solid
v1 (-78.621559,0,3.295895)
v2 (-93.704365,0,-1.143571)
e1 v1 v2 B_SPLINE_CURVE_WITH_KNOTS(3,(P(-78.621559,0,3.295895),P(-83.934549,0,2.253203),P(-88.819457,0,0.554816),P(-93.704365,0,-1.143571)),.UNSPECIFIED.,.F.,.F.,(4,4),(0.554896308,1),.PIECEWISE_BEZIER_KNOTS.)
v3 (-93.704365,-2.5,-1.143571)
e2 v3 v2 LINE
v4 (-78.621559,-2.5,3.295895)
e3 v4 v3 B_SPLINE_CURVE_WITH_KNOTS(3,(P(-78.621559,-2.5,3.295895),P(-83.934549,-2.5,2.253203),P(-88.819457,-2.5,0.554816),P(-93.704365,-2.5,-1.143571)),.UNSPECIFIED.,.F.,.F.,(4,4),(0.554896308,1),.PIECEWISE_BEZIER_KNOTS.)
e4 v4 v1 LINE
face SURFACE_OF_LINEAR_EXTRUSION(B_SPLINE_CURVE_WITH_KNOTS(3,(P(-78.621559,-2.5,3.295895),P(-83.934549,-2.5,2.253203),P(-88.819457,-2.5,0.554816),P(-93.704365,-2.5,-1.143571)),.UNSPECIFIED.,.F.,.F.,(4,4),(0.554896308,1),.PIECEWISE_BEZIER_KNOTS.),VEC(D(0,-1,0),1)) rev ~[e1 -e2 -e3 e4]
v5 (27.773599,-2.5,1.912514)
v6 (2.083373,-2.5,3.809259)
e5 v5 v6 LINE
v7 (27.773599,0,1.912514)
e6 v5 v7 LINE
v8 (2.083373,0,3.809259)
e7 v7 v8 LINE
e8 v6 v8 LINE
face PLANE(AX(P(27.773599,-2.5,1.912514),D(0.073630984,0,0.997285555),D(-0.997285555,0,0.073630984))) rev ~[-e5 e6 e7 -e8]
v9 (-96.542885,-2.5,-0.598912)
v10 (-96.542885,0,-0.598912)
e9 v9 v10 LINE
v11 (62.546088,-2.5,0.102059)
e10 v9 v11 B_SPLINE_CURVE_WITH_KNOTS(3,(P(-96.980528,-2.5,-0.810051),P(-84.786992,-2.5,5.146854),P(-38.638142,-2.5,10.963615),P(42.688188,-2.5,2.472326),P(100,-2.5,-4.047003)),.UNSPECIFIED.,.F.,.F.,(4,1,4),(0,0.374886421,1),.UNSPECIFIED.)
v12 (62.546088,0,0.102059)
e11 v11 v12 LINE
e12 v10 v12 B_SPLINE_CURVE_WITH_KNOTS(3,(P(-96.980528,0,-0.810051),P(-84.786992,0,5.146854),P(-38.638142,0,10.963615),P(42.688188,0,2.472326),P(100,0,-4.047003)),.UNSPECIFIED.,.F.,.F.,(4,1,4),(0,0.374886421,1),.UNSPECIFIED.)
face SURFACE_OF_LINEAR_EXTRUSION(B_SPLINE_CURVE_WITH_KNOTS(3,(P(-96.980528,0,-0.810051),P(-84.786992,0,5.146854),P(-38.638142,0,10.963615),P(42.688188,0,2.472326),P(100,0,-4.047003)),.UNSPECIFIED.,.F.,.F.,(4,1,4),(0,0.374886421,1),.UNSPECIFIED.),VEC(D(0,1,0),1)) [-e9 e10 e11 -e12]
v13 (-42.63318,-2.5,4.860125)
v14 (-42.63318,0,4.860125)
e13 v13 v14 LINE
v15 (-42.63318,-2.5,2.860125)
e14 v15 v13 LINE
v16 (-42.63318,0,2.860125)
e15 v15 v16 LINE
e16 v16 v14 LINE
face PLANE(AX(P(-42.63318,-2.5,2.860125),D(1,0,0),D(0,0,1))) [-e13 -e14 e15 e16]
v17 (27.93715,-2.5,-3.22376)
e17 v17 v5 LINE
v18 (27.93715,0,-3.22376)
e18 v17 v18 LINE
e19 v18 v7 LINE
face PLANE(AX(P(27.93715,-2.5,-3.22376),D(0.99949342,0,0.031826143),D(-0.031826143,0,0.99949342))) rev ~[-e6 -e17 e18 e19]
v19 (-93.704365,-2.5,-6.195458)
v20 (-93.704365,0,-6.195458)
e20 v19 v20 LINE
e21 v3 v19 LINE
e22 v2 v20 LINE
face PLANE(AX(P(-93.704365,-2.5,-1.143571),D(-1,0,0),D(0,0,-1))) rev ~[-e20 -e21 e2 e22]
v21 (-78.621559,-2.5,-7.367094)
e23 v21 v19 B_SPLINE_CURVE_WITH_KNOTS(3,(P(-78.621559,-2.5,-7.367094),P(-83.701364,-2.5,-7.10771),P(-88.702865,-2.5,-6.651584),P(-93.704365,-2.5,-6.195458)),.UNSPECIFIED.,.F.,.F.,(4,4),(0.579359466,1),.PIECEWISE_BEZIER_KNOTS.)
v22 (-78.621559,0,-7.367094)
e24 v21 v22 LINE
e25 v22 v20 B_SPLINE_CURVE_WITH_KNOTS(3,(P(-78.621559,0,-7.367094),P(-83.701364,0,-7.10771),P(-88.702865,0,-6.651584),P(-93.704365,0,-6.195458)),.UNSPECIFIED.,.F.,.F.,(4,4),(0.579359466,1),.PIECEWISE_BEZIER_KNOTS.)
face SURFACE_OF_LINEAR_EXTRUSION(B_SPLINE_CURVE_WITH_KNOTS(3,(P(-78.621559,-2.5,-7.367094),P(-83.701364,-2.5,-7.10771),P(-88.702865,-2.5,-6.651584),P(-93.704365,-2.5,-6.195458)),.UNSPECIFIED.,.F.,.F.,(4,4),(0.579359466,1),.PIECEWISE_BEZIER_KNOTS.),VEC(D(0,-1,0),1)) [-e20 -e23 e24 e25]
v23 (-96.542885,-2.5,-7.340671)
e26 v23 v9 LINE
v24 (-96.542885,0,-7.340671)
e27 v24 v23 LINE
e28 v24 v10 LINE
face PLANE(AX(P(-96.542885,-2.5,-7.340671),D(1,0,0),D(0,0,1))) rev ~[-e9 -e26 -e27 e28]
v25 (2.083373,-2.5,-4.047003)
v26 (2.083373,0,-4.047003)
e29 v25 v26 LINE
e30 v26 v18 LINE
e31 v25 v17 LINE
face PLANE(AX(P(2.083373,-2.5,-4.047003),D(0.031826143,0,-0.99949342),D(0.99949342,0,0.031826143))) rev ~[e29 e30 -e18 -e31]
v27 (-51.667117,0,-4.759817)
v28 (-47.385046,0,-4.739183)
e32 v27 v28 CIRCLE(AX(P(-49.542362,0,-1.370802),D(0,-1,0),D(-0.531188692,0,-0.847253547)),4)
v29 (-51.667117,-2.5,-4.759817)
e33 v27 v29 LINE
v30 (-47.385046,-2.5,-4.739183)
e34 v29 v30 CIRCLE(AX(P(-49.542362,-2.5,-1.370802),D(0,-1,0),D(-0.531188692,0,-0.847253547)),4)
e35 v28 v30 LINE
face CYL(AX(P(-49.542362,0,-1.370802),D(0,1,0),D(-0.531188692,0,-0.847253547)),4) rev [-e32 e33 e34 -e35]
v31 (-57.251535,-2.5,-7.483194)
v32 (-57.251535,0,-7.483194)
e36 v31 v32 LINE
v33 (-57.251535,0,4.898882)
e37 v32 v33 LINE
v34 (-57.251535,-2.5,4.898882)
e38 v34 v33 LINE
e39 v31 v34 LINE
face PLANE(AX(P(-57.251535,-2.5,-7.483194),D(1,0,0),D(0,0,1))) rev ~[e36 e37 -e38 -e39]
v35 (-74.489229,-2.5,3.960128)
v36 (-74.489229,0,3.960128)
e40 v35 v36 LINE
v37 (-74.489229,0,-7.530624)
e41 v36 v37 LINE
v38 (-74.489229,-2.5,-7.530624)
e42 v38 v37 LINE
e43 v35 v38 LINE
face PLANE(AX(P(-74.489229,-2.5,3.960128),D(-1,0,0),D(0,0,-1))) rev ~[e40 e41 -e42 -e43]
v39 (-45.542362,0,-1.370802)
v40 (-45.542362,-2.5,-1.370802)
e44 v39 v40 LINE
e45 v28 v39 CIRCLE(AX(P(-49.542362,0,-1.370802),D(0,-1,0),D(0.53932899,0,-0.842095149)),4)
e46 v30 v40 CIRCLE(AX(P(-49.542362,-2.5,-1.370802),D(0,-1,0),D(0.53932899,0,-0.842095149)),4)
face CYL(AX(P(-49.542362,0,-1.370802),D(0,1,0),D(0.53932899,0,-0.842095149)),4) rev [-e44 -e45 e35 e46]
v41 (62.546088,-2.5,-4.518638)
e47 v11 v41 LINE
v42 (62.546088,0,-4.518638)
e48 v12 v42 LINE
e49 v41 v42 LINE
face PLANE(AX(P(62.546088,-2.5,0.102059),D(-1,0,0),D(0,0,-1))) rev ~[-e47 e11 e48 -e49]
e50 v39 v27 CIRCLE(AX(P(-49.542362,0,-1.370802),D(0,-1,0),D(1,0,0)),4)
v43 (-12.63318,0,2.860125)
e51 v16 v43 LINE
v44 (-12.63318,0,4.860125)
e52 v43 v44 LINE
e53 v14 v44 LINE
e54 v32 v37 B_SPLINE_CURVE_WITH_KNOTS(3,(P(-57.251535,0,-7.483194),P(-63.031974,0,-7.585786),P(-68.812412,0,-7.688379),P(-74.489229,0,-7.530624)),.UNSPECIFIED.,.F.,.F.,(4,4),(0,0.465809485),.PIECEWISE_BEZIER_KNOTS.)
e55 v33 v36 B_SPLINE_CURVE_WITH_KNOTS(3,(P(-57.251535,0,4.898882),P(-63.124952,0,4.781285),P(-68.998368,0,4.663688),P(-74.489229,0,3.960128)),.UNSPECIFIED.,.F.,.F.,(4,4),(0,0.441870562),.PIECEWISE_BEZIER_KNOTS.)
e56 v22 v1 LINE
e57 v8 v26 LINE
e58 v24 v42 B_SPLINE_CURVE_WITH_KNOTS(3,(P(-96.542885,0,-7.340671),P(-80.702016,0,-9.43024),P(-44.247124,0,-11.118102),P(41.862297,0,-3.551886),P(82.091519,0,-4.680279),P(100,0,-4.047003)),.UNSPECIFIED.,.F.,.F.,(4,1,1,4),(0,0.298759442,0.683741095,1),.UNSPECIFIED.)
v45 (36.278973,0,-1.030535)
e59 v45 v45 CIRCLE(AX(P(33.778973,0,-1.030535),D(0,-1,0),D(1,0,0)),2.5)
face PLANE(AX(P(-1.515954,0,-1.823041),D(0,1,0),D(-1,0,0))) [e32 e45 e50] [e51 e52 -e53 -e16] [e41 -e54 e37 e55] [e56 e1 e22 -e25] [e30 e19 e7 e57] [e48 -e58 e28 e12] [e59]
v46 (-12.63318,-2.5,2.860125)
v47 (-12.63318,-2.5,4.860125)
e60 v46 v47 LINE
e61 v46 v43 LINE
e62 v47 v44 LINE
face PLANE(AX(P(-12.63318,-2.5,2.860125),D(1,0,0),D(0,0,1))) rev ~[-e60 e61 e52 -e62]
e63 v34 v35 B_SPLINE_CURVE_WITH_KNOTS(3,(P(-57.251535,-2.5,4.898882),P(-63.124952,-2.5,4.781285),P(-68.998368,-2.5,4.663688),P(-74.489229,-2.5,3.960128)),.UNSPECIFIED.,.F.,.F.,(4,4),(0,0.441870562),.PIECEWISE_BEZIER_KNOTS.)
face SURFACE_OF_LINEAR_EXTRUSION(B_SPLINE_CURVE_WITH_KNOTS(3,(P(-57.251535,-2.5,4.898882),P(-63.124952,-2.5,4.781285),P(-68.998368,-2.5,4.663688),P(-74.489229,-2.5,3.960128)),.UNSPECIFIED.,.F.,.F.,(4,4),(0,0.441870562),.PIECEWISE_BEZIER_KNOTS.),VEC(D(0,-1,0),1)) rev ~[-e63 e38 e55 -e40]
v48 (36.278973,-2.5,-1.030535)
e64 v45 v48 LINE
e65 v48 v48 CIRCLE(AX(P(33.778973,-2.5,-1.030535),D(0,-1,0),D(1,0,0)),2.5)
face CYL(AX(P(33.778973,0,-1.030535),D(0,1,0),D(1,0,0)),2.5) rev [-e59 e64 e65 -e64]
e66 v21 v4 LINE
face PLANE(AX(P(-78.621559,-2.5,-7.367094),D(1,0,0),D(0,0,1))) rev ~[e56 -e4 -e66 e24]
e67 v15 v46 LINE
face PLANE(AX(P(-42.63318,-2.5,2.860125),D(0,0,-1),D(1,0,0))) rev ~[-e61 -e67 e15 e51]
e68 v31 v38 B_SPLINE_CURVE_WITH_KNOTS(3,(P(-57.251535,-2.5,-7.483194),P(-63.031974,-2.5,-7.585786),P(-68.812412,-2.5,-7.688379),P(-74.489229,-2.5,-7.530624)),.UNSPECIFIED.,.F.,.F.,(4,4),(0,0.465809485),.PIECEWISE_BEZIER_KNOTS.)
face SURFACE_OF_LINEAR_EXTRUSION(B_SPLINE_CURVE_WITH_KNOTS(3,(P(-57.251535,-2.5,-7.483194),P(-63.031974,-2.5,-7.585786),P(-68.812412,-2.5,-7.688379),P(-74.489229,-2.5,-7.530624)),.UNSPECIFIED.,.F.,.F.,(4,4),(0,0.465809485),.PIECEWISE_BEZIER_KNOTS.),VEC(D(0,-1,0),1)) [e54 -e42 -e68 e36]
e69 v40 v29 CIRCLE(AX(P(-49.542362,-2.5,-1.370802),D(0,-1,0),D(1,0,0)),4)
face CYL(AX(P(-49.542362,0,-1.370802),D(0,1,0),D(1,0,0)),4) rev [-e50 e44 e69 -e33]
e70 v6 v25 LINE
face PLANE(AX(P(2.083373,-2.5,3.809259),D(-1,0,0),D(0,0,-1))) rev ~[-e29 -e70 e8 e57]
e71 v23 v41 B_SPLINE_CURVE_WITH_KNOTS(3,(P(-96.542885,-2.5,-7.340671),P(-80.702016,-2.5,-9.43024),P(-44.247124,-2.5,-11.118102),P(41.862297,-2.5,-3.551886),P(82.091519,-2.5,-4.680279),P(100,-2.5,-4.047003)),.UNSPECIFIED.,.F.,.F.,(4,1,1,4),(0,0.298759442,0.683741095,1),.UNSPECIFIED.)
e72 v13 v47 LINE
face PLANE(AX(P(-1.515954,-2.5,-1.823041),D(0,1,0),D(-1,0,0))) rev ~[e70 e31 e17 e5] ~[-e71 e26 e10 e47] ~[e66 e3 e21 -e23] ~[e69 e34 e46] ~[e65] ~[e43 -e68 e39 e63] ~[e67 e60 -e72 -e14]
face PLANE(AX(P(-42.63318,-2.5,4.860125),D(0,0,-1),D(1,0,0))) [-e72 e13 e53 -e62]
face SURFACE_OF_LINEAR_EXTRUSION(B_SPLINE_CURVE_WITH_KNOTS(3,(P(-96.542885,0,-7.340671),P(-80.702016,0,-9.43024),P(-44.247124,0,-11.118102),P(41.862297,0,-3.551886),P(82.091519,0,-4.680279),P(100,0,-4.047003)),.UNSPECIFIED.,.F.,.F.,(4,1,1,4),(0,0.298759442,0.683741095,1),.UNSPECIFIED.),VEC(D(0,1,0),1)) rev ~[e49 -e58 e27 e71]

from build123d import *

# Parameters (mm, degrees)
F2_DEPTH = 2.5
F1_R     = 2.5
F3_DEPTH = 2.5
F5_DEPTH = 2.5
F4_W     = 30
F4_H     = 2
F6_DEPTH = 2.5
F7_DEPTH = 2.5


with BuildPart() as f2:
    # F0 (on Front) → F2 (new body)
    with BuildSketch(Plane.XZ):
        with BuildLine():
            add(Edge.make_bspline(
                [(-96.9805282175, -0.8100506688), (-84.7869920978, 5.1468541776), (-38.6381415733, 10.9636146396), (42.6881882799, 2.4723259958), (100, -4.047003109)],
                knots=[0, 0, 0, 0, 0.374886421, 1, 1, 1, 1], degree=3))
            add(Edge.make_bspline(
                [(-97.5447368223, -7.1186651935), (-99.939251346, -6.5508492693), (-102.885147974, -5.168950634), (-100.0067471137, -2.3789404522), (-96.9805282175, -0.8100506688)],
                knots=[0.0564585679, 0.0564585679, 0.0564585679, 0.0564585679, 0.4847104148, 1, 1, 1, 1], degree=3))
            add(Edge.make_bspline(
                [(-96.5428845142, -7.3406707446), (-96.8949965543, -7.2673488468), (-97.22905608, -7.1935231869), (-97.5447368223, -7.1186651935)],
                knots=[0, 0, 0, 0, 0.0564585679, 0.0564585679, 0.0564585679, 0.0564585679], degree=3))
            add(Edge.make_bspline(
                [(-96.5428845142, -7.3406707446), (-80.7020161693, -9.4302402111), (-44.2471235075, -11.1181020976), (41.8622965332, -3.5518856086), (82.0915186506, -4.6802794425), (100, -4.047003109)],
                knots=[0, 0, 0, 0, 0.2987594418, 0.6837410955, 1, 1, 1, 1], degree=3))
        make_face()
        with BuildLine():
            add(Edge.make_bspline(
                [(-99.8196757147, -4.047003109), (-99.3821638101, -3.2227137691), (-97.9006497107, -2.3042858417), (-96.3385477662, -1.6362179573)],
                knots=[0.5425000514, 0.5425000514, 0.5425000514, 0.5425000514, 1, 1, 1, 1], degree=3))
            add(Edge.make_bspline(
                [(-96.3385477662, -1.6362179573), (-85.7442874691, 3.2900694446), (-38.7960585931, 10.0747672146), (36.943279708, 1.696590452), (86.094097513, -3.3751911245)],
                knots=[0, 0, 0, 0, 0.384923117, 1, 1, 1, 1], degree=3))
            add(Edge.make_bspline(
                [(-97.3825784566, -6.0471531808), (-82.3468325761, -8.841713568), (-44.2551066449, -8.6286827794), (40.9195716837, -3.3120714751), (72.7341022162, -3.1550192186), (86.094097513, -3.3751911245)],
                knots=[0, 0, 0, 0, 0.3131273629, 0.7122131732, 1, 1, 1, 1], degree=3))
            add(Edge.make_bspline(
                [(-97.3825784566, -6.0471531808), (-98.6588937786, -5.8946130057), (-100.1661659123, -5.1778479876), (-99.9138553768, -4.2244412327), (-99.8196757147, -4.047003109)],
                knots=[0, 0, 0, 0, 0.4440177242, 0.5425000514, 0.5425000514, 0.5425000514, 0.5425000514], degree=3))
        make_face(mode=Mode.SUBTRACT)
        with BuildLine():
            add(Edge.make_bspline(
                [(-96.3385477662, -1.6362179573), (-85.7442874691, 3.2900694446), (-38.7960585931, 10.0747672146), (36.943279708, 1.696590452), (86.094097513, -3.3751911245)],
                knots=[0, 0, 0, 0, 0.384923117, 1, 1, 1, 1], degree=3))
            add(Edge.make_bspline(
                [(-99.8196757147, -4.047003109), (-99.3821638101, -3.2227137691), (-97.9006497107, -2.3042858417), (-96.3385477662, -1.6362179573)],
                knots=[0.5425000514, 0.5425000514, 0.5425000514, 0.5425000514, 1, 1, 1, 1], degree=3))
            add(Edge.make_bspline(
                [(-97.3825784566, -6.0471531808), (-98.6588937786, -5.8946130057), (-100.1661659123, -5.1778479876), (-99.9138553768, -4.2244412327), (-99.8196757147, -4.047003109)],
                knots=[0, 0, 0, 0, 0.4440177242, 0.5425000514, 0.5425000514, 0.5425000514, 0.5425000514], degree=3))
            add(Edge.make_bspline(
                [(-97.3825784566, -6.0471531808), (-82.3468325761, -8.841713568), (-44.2551066449, -8.6286827794), (40.9195716837, -3.3120714751), (72.7341022162, -3.1550192186), (86.094097513, -3.3751911245)],
                knots=[0, 0, 0, 0, 0.3131273629, 0.7122131732, 1, 1, 1, 1], degree=3))
        make_face()
        with BuildLine():
            add(Edge.make_bspline(
                [(-96.5428845142, -7.3406707446), (-96.8949965543, -7.2673488468), (-97.22905608, -7.1935231869), (-97.5447368223, -7.1186651935)],
                knots=[0, 0, 0, 0, 0.0564585679, 0.0564585679, 0.0564585679, 0.0564585679], degree=3))
            ThreePointArc((-97.5447368223, -7.1186651935), (-97.052492706, -7.2688477084), (-96.5428845142, -7.3406707446))
        make_face()
    extrude(amount=F2_DEPTH)


with BuildPart() as f2b:
    # F1 (on Front) → F2, piece 2 (new body)
    with BuildSketch(Plane.XZ):
        with Locations((33.7789729238, -1.0305350879)):
            Circle(F1_R)
    extrude(amount=F2_DEPTH)


with BuildPart() as f2c:
    # F1 (on Front) → F2, piece 3 (new body)
    with BuildSketch(Plane.XZ):
        with BuildLine():
            ThreePointArc((-45.542362095, -1.3708024857), (-51.4789804014, 2.1291274472), (-51.6671168627, -4.7598166753))
            Line((-51.6671168627, -4.7598166753), (-47.385046135, -4.7391830831))
            ThreePointArc((-47.385046135, -4.7391830831), (-46.0331411102, -3.2905337378), (-45.542362095, -1.3708024857))
        make_face()
        with BuildLine():
            Line((-47.385046135, -4.7391830831), (-51.6671168627, -4.7598166753))
            ThreePointArc((-51.6671168627, -4.7598166753), (-49.523087913, -5.3707560487), (-47.385046135, -4.7391830831))
        make_face()
    extrude(amount=F2_DEPTH)


with BuildPart() as f3_tool:
    # F1 (on Front) → F3 (new body)
    with BuildSketch(Plane.XZ):
        with BuildLine():
            ThreePointArc((-45.542362095, -1.3708024857), (-51.4789804014, 2.1291274472), (-51.6671168627, -4.7598166753))
            Line((-51.6671168627, -4.7598166753), (-47.385046135, -4.7391830831))
            ThreePointArc((-47.385046135, -4.7391830831), (-46.0331411102, -3.2905337378), (-45.542362095, -1.3708024857))
        make_face()
        with BuildLine():
            Line((-47.385046135, -4.7391830831), (-51.6671168627, -4.7598166753))
            ThreePointArc((-51.6671168627, -4.7598166753), (-49.523087913, -5.3707560487), (-47.385046135, -4.7391830831))
        make_face()
        with Locations((33.7789729238, -1.0305350879)):
            Circle(F1_R)
    extrude(amount=F3_DEPTH)


with BuildPart() as f2_1:
    add(f2.part)

    # F3: cut by f3_tool
    add(f3_tool.part, mode=Mode.SUBTRACT)

    # F4 (on face) → F5 (cut)
    with BuildSketch(Plane.XZ.offset(2.5)):
        with BuildLine():
            Line((-96.5428845142, -7.3406707446), (-96.5428845142, -0.5989118026))
            add(Edge.make_bspline(
                [(-96.9805282175, -0.8100506688), (-96.8353706427, -0.7391368787), (-96.6894893165, -0.6687582494), (-96.5428845142, -0.5989118026)],
                knots=[0, 0, 0, 0, 0.0044628238, 0.0044628238, 0.0044628238, 0.0044628238], degree=3))
            add(Edge.make_bspline(
                [(-96.9805282175, -0.8100506688), (-100.0067471137, -2.3789404522), (-102.885147974, -5.168950634), (-99.939251346, -6.5508492693), (-97.5447368223, -7.1186651935)],
                knots=[0.0564585679, 0.0564585679, 0.0564585679, 0.0564585679, 0.5717481532, 1, 1, 1, 1], degree=3))
            ThreePointArc((-97.5447368223, -7.1186651935), (-97.052492706, -7.2688477084), (-96.5428845142, -7.3406707446))
        make_face()
    extrude(amount=-F5_DEPTH, mode=Mode.SUBTRACT)

    # F4 (on face) → F6 (cut)
    with BuildSketch(Plane.XZ.offset(2.5)):
        with BuildLine():
            Line((-78.6215588156, -7.3670944992), (-78.6215588156, 3.2958948603))
            add(Edge.make_bspline(
                [(-78.6215588156, 3.2958948603), (-83.9345486349, 2.2532028855), (-88.8194569144, 0.5548157735), (-93.7043651938, -1.1435713386)],
                knots=[0.554896308, 0.554896308, 0.554896308, 0.554896308, 1, 1, 1, 1], degree=3))
            Line((-93.7043651938, -1.1435713386), (-93.7043651938, -6.1954581179))
            add(Edge.make_bspline(
                [(-78.6215588156, -7.3670944992), (-83.7013643272, -7.1077100258), (-88.7028647605, -6.6515840718), (-93.7043651938, -6.1954581179)],
                knots=[0.5793594661, 0.5793594661, 0.5793594661, 0.5793594661, 1, 1, 1, 1], degree=3))
        make_face()
        with BuildLine():
            Line((-57.251535356, -7.4831936508), (-57.251535356, 4.8988820054))
            add(Edge.make_bspline(
                [(-57.251535356, 4.8988820054), (-63.1249518816, 4.7812850577), (-68.9983684072, 4.66368811), (-74.4892291338, 3.9601280834)],
                knots=[0, 0, 0, 0, 0.4418705618, 0.4418705618, 0.4418705618, 0.4418705618], degree=3))
            Line((-74.4892291338, 3.9601280834), (-74.4892291338, -7.5306241193))
            add(Edge.make_bspline(
                [(-57.251535356, -7.4831936508), (-63.0319736557, -7.5857864832), (-68.8124119553, -7.6883793156), (-74.4892291338, -7.5306241193)],
                knots=[0, 0, 0, 0, 0.4658094847, 0.4658094847, 0.4658094847, 0.4658094847], degree=3))
        make_face()
        with Locations((-27.6331795752, 3.8601249214)):
            Rectangle(F4_W, F4_H)
        Polygon((27.7735989974, 1.9125135442), (2.0833725575, 3.8092588075), (2.0833725575, -4.047003109), (27.937149629, -3.2237600535), align=None)
    extrude(amount=-F6_DEPTH, mode=Mode.SUBTRACT)

    # F4 (on face) → F7 (cut)
    with BuildSketch(Plane.XZ.offset(2.5)):
        with BuildLine():
            add(Edge.make_bspline(
                [(62.5460875734, 0.1020588345), (74.6514883615, -1.1873862537), (87.1633646635, -2.586811085), (100, -4.047003109)],
                knots=[0.8599877614, 0.8599877614, 0.8599877614, 0.8599877614, 1, 1, 1, 1], degree=3))
            Line((62.5460875734, 0.1020588345), (62.5460875734, -4.518638291))
            add(Edge.make_bspline(
                [(62.5460875734, -4.518638291), (75.9097127299, -4.3829595873), (88.0075171585, -4.4710790211), (100, -4.047003109)],
                knots=[0.7882160183, 0.7882160183, 0.7882160183, 0.7882160183, 1, 1, 1, 1], degree=3))
        make_face()
    extrude(amount=-F7_DEPTH, mode=Mode.SUBTRACT)


with BuildPart() as f2b_1:
    add(f2b.part)

    # F3: cut by f3_tool
    add(f3_tool.part, mode=Mode.SUBTRACT)


with BuildPart() as f2c_1:
    add(f2c.part)

    # F3: cut by f3_tool
    add(f3_tool.part, mode=Mode.SUBTRACT)


solid = f2_1.part
